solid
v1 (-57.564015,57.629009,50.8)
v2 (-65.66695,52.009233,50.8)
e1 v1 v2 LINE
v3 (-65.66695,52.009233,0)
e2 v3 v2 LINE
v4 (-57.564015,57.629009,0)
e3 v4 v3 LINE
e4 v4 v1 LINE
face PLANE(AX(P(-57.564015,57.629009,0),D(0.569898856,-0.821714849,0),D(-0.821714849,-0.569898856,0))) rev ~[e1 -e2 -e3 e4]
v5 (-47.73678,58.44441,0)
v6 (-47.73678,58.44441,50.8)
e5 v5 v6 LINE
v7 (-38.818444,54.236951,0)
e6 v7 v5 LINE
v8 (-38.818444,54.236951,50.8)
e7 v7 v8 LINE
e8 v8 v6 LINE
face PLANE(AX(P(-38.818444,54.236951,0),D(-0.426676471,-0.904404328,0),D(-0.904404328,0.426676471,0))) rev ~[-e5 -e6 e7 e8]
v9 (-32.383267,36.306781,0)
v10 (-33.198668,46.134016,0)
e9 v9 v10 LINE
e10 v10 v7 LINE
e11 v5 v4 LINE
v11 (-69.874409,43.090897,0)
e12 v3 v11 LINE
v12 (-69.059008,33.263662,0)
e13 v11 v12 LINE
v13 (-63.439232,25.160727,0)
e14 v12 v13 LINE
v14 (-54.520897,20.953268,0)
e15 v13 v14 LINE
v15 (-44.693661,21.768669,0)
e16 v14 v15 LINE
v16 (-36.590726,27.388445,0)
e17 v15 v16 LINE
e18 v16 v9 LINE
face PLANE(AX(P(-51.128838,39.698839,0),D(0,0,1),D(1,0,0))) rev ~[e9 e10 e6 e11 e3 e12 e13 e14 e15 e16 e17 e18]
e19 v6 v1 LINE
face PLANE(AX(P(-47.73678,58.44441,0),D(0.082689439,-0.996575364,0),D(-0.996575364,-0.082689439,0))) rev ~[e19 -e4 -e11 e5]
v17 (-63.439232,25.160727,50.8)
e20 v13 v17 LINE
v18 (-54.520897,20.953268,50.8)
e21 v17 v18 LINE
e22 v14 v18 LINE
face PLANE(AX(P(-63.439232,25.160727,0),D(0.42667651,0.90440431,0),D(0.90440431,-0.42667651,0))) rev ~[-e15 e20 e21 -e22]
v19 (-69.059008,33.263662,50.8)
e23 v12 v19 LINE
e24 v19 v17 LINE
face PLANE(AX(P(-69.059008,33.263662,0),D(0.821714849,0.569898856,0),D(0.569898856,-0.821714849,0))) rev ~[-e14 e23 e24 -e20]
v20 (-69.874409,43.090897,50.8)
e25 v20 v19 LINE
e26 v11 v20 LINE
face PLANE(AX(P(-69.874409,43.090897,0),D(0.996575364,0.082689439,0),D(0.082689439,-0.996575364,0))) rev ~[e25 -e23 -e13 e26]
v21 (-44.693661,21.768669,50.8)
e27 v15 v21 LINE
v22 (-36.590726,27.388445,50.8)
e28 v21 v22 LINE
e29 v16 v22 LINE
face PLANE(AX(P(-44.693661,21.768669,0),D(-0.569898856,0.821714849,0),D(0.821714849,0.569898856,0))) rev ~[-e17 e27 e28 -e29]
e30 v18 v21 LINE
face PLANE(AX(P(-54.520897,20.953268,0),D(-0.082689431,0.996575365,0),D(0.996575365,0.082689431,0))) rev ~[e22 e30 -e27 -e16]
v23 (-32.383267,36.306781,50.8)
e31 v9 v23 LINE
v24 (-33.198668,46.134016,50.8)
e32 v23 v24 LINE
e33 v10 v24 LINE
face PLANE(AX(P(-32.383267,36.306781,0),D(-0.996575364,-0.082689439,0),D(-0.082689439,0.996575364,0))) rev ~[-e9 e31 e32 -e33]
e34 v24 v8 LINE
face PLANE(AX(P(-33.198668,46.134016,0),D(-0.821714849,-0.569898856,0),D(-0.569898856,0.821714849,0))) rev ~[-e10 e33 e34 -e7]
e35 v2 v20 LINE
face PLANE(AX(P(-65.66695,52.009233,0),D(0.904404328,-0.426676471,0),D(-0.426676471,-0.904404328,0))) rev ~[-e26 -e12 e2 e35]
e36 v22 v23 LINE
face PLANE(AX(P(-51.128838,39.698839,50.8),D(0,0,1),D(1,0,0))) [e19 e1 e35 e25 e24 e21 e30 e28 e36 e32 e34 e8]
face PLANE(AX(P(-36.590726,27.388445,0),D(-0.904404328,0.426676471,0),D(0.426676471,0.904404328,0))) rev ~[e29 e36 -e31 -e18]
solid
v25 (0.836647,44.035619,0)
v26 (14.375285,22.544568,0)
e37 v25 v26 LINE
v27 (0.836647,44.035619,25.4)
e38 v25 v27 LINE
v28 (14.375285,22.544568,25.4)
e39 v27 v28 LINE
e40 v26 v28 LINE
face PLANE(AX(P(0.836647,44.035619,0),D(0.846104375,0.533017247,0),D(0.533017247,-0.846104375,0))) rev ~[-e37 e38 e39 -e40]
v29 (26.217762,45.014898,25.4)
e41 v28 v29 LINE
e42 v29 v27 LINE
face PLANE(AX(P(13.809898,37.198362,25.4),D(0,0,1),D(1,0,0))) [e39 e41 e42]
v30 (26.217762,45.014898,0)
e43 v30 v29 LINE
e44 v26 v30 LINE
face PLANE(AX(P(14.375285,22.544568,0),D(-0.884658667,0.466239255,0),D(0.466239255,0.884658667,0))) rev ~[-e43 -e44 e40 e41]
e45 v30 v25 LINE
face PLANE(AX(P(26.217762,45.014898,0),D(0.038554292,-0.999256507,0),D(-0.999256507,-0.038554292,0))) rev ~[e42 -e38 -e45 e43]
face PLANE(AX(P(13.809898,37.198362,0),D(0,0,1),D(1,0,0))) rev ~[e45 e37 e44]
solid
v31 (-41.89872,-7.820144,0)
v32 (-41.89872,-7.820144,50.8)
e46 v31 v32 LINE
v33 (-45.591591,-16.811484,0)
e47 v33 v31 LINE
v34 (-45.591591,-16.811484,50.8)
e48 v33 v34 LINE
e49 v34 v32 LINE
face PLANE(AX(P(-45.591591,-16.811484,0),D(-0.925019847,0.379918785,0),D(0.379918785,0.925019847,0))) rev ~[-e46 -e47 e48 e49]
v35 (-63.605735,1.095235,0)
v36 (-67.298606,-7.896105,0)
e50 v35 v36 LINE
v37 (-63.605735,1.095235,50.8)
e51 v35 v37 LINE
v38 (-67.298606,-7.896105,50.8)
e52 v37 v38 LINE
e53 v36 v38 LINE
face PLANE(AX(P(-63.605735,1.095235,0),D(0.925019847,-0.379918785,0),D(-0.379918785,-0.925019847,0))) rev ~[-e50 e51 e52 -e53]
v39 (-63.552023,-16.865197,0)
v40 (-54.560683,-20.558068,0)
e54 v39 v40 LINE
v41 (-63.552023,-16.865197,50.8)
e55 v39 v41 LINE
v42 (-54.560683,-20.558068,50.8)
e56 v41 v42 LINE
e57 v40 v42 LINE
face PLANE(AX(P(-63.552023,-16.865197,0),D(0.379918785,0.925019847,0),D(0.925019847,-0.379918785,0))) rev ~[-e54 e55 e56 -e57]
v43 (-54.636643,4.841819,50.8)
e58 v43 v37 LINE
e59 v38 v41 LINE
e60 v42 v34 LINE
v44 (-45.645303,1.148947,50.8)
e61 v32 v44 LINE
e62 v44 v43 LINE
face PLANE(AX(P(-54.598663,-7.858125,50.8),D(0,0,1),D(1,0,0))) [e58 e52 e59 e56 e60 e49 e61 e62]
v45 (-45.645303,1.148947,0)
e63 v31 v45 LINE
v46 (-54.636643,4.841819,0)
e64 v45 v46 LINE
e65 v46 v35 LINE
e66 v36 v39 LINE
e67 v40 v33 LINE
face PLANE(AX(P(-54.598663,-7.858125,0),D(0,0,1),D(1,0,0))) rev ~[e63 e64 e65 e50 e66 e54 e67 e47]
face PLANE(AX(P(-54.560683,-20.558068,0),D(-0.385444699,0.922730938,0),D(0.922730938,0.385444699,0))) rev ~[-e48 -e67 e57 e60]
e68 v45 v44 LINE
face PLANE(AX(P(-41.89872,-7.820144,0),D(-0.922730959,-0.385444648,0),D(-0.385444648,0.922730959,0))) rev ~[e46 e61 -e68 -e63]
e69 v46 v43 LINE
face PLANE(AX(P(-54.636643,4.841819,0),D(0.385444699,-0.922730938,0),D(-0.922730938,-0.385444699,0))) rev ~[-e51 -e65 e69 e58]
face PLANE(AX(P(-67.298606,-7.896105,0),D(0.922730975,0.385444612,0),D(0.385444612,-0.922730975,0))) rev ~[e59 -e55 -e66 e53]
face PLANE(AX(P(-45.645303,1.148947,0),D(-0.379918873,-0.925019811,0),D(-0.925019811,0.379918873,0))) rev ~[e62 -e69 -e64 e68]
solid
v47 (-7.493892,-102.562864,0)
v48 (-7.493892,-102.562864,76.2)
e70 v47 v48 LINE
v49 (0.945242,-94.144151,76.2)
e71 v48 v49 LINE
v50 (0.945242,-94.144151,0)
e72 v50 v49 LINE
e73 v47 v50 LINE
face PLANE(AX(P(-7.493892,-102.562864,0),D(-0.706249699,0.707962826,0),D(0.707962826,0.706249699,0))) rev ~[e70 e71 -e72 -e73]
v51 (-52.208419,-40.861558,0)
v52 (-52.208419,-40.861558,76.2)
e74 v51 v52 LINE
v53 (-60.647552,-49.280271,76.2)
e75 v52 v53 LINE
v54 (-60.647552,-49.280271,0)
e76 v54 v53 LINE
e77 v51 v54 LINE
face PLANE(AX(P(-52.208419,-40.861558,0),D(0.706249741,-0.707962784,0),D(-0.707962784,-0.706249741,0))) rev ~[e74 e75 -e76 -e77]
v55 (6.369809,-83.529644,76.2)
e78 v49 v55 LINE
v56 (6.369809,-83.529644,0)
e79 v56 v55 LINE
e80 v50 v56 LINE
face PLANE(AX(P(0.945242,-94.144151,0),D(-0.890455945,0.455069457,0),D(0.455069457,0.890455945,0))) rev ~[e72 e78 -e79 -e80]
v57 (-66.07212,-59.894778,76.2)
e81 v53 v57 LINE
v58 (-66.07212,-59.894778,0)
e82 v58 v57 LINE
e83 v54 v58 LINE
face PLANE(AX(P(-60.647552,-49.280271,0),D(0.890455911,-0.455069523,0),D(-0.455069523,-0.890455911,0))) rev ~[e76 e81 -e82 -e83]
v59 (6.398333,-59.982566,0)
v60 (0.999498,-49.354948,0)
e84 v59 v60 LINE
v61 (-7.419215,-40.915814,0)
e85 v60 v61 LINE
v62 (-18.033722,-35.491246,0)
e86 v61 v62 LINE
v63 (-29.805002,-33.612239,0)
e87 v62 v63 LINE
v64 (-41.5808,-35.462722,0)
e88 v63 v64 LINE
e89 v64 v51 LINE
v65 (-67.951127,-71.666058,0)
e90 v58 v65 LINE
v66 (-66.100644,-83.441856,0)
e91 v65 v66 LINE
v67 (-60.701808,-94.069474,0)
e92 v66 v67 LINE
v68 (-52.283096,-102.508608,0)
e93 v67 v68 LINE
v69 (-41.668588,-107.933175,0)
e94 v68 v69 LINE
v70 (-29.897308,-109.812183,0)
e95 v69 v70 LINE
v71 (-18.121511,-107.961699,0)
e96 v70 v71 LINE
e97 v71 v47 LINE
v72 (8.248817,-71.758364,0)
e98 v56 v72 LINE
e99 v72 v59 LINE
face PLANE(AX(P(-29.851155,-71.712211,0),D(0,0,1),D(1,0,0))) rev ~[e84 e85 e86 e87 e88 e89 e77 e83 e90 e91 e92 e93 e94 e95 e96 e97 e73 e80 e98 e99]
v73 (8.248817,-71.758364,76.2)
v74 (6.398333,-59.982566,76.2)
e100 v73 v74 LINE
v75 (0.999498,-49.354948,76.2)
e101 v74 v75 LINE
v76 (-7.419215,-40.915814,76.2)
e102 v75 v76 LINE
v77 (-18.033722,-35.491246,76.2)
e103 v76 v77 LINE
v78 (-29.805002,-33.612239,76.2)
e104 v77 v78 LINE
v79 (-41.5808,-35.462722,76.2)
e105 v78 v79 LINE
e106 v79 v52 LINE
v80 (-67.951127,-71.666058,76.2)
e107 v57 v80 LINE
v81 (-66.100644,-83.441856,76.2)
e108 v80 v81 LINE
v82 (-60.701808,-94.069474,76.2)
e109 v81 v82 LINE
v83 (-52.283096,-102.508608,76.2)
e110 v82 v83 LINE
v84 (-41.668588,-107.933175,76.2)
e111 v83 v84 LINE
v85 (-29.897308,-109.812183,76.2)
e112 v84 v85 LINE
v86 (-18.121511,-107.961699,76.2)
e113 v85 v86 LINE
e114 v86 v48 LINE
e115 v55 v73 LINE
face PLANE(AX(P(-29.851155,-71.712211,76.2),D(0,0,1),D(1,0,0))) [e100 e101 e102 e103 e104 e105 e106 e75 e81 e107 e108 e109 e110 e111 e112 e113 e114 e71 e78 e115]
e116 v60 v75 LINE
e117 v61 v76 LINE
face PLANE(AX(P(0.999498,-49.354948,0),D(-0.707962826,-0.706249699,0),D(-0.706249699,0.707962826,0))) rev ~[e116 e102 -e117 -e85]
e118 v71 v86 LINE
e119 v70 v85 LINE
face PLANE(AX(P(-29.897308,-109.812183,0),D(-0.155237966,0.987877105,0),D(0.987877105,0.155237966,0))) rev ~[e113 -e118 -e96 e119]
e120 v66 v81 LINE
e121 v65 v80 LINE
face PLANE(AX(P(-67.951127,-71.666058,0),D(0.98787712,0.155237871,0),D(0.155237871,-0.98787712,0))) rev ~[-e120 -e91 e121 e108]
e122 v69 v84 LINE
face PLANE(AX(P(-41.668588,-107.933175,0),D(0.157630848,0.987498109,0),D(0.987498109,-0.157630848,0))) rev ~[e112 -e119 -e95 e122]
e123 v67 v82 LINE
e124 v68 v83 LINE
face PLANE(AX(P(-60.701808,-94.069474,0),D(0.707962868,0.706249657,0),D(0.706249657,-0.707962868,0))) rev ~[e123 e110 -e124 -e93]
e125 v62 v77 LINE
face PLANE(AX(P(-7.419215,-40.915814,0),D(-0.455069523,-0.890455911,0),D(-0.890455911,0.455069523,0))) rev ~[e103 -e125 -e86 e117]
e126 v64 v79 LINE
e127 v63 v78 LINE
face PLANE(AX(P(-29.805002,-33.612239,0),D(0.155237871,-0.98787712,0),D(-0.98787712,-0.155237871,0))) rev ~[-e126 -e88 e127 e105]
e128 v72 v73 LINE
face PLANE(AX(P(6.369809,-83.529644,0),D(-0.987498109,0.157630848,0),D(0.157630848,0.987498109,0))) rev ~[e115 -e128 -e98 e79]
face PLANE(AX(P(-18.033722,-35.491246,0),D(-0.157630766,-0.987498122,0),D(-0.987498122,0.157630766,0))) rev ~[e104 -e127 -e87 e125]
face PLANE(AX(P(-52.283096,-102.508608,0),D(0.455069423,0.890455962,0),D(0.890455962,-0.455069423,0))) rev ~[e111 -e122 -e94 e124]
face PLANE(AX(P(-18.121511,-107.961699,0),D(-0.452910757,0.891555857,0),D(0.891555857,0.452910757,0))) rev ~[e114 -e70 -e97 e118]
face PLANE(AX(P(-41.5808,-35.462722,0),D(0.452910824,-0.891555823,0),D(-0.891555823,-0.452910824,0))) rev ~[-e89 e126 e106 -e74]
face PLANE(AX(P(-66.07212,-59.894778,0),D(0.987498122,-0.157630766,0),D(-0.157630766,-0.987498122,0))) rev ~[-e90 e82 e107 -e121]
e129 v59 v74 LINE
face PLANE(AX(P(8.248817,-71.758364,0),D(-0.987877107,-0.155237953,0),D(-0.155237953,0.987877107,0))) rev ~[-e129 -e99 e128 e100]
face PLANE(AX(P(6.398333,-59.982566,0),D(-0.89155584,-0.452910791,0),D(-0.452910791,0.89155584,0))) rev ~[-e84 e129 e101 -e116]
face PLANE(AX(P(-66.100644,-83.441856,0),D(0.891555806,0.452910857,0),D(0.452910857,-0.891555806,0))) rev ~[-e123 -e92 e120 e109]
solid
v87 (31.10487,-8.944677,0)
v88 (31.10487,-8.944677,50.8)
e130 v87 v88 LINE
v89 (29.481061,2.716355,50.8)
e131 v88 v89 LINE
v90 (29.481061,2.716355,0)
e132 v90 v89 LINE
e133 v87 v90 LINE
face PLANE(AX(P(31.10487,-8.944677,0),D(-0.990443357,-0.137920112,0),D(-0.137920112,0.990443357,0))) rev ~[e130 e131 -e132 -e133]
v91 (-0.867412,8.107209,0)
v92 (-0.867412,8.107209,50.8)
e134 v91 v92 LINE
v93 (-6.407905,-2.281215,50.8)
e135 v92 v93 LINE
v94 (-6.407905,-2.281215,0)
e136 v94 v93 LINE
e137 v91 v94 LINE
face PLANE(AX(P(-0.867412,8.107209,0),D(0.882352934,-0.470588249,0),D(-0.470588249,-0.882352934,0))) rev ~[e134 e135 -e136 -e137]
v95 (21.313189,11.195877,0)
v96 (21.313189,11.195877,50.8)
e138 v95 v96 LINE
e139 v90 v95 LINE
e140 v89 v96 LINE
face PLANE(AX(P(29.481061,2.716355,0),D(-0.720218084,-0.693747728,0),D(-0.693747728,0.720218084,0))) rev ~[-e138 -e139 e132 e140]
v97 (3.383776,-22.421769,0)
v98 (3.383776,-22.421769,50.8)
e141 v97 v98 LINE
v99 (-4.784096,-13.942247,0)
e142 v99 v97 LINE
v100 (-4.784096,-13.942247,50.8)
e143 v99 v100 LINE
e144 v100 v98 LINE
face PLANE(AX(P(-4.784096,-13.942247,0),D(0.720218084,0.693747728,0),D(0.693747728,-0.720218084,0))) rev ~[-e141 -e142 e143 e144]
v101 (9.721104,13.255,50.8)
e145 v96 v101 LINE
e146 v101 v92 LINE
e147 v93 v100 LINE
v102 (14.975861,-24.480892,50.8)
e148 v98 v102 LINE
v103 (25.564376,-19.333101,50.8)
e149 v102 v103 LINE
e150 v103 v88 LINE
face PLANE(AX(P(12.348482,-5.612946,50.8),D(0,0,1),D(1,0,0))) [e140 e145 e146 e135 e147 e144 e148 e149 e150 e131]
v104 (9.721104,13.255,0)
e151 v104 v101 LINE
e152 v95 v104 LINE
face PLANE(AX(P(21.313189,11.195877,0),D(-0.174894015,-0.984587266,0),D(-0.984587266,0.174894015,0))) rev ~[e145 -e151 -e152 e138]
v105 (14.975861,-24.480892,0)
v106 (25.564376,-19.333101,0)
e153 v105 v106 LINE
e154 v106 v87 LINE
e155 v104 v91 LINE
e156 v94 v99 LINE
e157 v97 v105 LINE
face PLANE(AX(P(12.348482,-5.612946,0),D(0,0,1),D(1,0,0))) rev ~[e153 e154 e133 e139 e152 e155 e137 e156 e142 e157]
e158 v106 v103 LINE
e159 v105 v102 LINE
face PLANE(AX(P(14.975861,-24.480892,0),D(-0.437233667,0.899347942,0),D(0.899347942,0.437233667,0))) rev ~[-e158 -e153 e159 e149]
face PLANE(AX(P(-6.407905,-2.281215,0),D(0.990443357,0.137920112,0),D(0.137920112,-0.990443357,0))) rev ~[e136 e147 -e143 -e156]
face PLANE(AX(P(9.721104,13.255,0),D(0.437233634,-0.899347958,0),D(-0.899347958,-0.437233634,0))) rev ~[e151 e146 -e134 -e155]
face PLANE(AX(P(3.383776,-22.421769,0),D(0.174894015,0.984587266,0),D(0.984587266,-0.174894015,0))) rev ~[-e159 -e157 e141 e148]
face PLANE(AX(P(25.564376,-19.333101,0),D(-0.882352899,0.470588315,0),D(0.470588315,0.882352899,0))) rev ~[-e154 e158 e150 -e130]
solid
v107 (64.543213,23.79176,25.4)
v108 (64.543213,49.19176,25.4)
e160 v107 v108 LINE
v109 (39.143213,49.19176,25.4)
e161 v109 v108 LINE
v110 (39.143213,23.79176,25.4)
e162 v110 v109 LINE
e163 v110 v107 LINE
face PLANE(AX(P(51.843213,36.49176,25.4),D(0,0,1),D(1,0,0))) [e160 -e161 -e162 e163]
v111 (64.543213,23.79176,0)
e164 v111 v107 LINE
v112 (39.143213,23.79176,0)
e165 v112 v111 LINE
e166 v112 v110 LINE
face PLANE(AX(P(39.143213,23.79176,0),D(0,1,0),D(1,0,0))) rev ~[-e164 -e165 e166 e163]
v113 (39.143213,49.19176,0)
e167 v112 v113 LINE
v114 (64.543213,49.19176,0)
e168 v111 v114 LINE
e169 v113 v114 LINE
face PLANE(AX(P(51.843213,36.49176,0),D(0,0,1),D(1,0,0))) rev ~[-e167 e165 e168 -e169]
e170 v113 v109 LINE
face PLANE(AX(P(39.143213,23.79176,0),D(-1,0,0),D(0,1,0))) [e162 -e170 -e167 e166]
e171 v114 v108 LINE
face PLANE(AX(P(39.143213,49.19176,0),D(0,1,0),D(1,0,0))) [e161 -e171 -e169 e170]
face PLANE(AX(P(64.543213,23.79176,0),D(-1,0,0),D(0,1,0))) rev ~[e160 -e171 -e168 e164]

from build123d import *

# Parameters (mm, degrees)
F1_DEPTH  = 25.4
F3_DEPTH  = 50.8
F4_W      = 25.4
F4_H      = 25.4
F5_DEPTH  = 25.4
F7_DEPTH  = 50.8
F9_DEPTH  = 50.8
F11_DEPTH = 76.2


with BuildPart() as f1:
    # F0 (on Top) → F1 (new body)
    with BuildSketch(Plane.XY):
        Polygon((14.375285, 22.544568), (26.217762, 45.014898), (0.836647, 44.035619), align=None)
    extrude(amount=F1_DEPTH)


with BuildPart() as f3:
    # F2 (on Top) → F3 (new body)
    with BuildSketch(Plane.XY):
        Polygon((-44.693661, 21.768669), (-36.590726, 27.388445), (-32.383267, 36.306781), (-33.198668, 46.134016), (-38.818444, 54.236951), (-47.73678, 58.44441), (-57.564015, 57.629009), (-65.66695, 52.009233), (-69.874409, 43.090897), (-69.059008, 33.263662), (-63.439232, 25.160727), (-54.520897, 20.953268), align=None)
    extrude(amount=F3_DEPTH)


with BuildPart() as f5:
    # F4 (on Top) → F5 (new body)
    with BuildSketch(Plane.XY):
        with Locations((51.843213, 36.49176)):
            Rectangle(F4_W, F4_H)
    extrude(amount=F5_DEPTH)


with BuildPart() as f7:
    # F6 (on Top) → F7 (new body)
    with BuildSketch(Plane.XY):
        Polygon((-45.591591, -16.811484), (-41.89872, -7.820144), (-45.645303, 1.148947), (-54.636643, 4.841819), (-63.605735, 1.095235), (-67.298606, -7.896105), (-63.552023, -16.865197), (-54.560683, -20.558068), align=None)
    extrude(amount=F7_DEPTH)


with BuildPart() as f9:
    # F8 (on Top) → F9 (new body)
    with BuildSketch(Plane.XY):
        Polygon((25.564376, -19.333101), (31.10487, -8.944677), (29.481061, 2.716355), (21.313189, 11.195877), (9.721104, 13.255), (-0.867412, 8.107209), (-6.407905, -2.281215), (-4.784096, -13.942247), (3.383776, -22.421769), (14.975861, -24.480892), align=None)
    extrude(amount=F9_DEPTH)


with BuildPart() as f11:
    # F10 (on Top) → F11 (new body)
    with BuildSketch(Plane.XY):
        Polygon((8.248817, -71.758364), (6.398333, -59.982566), (0.999498, -49.354948), (-7.419215, -40.915814), (-18.033722, -35.491246), (-29.805002, -33.612239), (-41.5808, -35.462722), (-52.208419, -40.861558), (-60.647552, -49.280271), (-66.07212, -59.894778), (-67.951127, -71.666058), (-66.100644, -83.441856), (-60.701808, -94.069474), (-52.283096, -102.508608), (-41.668588, -107.933175), (-29.897308, -109.812183), (-18.121511, -107.961699), (-7.493892, -102.562864), (0.945242, -94.144151), (6.369809, -83.529644), align=None)
    extrude(amount=F11_DEPTH)


solid = Compound([f1.part, f3.part, f5.part, f7.part, f9.part, f11.part])
